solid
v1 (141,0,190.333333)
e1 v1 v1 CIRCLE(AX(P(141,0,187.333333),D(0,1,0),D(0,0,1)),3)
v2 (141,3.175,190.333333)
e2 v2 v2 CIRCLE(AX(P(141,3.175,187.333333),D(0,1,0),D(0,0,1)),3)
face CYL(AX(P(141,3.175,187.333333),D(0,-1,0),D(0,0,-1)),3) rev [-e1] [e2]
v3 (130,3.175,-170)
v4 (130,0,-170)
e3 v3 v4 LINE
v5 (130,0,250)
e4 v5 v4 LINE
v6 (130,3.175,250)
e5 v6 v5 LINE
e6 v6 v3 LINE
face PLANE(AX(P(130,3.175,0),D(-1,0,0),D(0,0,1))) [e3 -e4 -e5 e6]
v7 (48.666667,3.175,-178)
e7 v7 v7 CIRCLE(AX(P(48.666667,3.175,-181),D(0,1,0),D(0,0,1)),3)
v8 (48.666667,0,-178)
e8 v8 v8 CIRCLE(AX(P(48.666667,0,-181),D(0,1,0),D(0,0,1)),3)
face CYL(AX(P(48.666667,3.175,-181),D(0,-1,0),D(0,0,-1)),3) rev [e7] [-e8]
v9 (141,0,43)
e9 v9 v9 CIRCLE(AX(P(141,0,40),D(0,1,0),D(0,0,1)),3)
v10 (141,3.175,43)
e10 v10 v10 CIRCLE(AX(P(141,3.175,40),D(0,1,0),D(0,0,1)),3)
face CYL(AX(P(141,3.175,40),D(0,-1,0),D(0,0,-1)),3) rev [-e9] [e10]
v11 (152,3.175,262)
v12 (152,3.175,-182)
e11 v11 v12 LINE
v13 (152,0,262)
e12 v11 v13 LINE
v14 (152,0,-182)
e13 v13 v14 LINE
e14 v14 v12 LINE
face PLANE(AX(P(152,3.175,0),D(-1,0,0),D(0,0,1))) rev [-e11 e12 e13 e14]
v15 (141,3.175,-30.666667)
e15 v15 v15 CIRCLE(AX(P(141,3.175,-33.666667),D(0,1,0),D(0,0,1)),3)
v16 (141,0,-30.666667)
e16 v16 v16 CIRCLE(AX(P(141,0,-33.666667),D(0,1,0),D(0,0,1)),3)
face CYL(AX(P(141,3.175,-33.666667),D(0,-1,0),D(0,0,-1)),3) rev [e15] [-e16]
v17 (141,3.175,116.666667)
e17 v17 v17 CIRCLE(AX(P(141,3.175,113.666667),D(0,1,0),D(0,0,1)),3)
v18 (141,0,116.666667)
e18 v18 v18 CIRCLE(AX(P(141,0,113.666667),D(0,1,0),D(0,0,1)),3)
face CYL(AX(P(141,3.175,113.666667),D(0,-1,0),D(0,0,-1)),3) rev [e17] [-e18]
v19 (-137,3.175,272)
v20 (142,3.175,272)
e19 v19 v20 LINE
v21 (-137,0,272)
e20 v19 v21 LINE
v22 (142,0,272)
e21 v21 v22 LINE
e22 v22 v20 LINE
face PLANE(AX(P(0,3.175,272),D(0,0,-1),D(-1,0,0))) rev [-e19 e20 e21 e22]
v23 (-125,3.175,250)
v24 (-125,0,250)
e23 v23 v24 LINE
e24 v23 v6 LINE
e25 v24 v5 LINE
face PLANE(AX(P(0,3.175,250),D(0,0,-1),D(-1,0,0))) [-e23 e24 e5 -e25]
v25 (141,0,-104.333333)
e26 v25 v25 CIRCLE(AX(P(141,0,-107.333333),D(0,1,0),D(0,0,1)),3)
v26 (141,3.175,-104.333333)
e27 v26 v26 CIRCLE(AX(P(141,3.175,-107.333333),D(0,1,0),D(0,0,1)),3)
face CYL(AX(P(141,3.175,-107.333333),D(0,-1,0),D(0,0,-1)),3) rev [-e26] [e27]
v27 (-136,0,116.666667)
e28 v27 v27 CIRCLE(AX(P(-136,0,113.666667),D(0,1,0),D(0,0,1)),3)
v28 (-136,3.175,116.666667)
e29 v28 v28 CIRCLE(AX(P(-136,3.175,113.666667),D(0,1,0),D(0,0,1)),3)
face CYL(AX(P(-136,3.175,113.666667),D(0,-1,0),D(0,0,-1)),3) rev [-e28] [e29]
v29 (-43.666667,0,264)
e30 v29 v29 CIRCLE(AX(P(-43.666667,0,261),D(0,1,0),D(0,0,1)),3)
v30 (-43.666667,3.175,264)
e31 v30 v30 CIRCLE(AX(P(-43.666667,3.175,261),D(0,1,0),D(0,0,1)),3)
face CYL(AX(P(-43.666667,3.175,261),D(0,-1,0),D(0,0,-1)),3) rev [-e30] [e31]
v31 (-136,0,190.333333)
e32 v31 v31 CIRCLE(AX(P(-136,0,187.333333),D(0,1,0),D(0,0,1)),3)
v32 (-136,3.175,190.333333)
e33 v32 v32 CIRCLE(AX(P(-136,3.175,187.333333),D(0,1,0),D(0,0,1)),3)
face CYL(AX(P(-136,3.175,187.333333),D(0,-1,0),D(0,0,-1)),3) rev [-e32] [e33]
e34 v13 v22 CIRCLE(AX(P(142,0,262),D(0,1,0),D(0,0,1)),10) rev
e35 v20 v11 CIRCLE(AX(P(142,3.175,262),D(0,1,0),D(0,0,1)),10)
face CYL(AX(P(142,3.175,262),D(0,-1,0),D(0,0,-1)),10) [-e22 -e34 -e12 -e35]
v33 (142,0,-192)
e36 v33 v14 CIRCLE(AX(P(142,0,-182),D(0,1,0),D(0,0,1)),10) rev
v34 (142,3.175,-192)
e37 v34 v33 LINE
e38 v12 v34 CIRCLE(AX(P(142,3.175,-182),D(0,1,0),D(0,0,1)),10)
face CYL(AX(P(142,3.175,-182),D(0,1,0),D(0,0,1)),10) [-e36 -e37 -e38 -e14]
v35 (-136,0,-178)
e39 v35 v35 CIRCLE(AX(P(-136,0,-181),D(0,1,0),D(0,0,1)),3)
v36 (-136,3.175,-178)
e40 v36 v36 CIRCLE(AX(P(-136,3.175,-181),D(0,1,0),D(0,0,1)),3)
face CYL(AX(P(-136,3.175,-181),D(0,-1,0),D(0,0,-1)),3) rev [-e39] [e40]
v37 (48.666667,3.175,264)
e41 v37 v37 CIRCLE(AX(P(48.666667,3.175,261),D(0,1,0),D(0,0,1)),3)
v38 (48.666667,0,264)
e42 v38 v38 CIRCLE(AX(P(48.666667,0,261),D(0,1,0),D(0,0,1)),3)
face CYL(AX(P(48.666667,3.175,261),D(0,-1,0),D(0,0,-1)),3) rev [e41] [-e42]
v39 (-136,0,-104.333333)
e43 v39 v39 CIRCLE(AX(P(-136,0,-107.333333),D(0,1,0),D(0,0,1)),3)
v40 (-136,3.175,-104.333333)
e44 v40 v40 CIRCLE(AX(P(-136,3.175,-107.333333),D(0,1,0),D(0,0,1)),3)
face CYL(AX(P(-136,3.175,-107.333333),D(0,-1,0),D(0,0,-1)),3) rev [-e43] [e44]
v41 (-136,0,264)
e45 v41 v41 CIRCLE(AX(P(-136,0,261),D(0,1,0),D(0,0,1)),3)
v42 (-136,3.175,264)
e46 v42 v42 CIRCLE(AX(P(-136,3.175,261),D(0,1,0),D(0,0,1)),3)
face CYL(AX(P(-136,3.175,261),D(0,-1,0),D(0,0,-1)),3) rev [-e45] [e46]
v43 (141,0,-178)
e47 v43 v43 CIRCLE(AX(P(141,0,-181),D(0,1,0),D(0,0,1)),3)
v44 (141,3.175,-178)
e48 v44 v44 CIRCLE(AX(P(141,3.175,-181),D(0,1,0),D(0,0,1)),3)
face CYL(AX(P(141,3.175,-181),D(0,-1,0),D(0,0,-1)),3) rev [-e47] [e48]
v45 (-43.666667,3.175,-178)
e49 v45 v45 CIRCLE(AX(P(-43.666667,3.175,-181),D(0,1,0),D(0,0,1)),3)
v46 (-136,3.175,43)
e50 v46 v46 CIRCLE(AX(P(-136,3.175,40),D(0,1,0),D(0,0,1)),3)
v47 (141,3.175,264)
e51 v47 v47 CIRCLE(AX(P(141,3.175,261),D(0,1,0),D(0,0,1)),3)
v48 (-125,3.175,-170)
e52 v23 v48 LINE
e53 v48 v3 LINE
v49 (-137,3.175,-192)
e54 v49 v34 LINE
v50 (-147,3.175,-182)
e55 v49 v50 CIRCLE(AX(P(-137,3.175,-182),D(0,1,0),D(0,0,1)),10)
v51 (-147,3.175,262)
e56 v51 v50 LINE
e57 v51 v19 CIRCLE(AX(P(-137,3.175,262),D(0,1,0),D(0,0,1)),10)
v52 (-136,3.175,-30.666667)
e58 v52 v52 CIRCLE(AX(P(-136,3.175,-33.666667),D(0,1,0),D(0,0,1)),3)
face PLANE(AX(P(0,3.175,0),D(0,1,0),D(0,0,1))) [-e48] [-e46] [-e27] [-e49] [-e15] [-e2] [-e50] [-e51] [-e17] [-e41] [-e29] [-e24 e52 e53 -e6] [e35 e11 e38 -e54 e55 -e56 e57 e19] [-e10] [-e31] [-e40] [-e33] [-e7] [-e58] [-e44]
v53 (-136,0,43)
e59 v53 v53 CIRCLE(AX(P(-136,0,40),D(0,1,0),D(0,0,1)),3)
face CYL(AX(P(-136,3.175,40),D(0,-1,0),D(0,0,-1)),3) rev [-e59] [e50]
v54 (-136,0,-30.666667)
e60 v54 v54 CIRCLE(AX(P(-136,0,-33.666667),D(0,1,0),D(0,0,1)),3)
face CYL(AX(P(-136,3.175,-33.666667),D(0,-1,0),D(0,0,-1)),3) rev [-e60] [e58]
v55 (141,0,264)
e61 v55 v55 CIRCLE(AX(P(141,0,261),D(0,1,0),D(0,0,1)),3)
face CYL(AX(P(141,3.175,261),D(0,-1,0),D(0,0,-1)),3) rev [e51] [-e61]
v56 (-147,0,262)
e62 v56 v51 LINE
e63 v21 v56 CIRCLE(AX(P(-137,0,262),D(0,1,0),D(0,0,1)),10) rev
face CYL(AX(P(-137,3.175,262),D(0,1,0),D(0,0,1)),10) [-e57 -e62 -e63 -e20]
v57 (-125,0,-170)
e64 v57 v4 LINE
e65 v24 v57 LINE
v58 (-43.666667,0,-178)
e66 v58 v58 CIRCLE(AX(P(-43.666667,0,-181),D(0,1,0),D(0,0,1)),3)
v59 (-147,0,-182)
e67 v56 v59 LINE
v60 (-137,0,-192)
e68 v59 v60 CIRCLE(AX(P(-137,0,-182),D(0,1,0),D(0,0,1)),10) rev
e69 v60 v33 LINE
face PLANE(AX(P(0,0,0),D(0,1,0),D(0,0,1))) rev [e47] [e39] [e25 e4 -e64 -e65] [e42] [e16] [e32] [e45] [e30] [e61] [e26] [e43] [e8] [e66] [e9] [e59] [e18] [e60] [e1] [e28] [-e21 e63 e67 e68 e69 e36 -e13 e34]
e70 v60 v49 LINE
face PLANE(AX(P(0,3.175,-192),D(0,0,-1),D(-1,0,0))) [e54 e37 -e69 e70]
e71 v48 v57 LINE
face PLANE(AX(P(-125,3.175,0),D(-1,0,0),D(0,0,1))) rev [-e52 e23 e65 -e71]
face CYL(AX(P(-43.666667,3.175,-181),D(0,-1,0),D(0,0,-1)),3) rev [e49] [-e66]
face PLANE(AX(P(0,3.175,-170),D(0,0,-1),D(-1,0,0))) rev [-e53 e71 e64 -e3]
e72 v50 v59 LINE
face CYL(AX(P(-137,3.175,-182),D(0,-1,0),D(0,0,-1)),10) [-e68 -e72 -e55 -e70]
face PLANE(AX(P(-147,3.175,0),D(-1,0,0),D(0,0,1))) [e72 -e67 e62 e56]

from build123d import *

# Parameters (mm, degrees)
SKETCH1_W           = 299
SKETCH1_H           = 464
SKETCH1_R           = 3
SKETCH1_W_2         = 255
SKETCH1_H_2         = 420
BOSS_EXTRUDE1_DEPTH = 3.175
FILLET1_R           = 10


with BuildPart() as part:
    # Sketch1 → Boss-Extrude1 (new body)
    with BuildSketch(Plane(origin=(0, 0, 0), x_dir=(1, 0, 0), z_dir=(0, 1, 0))):
        with Locations((2.5, -40)):
            Rectangle(SKETCH1_W, SKETCH1_H)
        with Locations(Location((141, 181, 0), (0, 0, 270))):
            Circle(SKETCH1_R, mode=Mode.SUBTRACT)
        with Locations(Location((48.666666667, 181, 0), (0, 0, 270))):
            Circle(SKETCH1_R, mode=Mode.SUBTRACT)
        with Locations(Location((-43.666666667, 181, 0), (0, 0, 270))):
            Circle(SKETCH1_R, mode=Mode.SUBTRACT)
        with Locations(Location((-136, 181, 0), (0, 0, 270))):
            Circle(SKETCH1_R, mode=Mode.SUBTRACT)
        with Locations(Location((141, 107.333333333, 0), (0, 0, 270))):
            Circle(SKETCH1_R, mode=Mode.SUBTRACT)
        with Locations(Location((141, 33.666666667, 0), (0, 0, 270))):
            Circle(SKETCH1_R, mode=Mode.SUBTRACT)
        with Locations(Location((141, -40, 0), (0, 0, 270))):
            Circle(SKETCH1_R, mode=Mode.SUBTRACT)
        with Locations(Location((141, -113.666666667, 0), (0, 0, 270))):
            Circle(SKETCH1_R, mode=Mode.SUBTRACT)
        with Locations(Location((141, -187.333333333, 0), (0, 0, 270))):
            Circle(SKETCH1_R, mode=Mode.SUBTRACT)
        with Locations(Location((-136, 107.333333333, 0), (0, 0, 270))):
            Circle(SKETCH1_R, mode=Mode.SUBTRACT)
        with Locations(Location((141, -261, 0), (0, 0, 270))):
            Circle(SKETCH1_R, mode=Mode.SUBTRACT)
        with Locations(Location((-136, 33.666666667, 0), (0, 0, 270))):
            Circle(SKETCH1_R, mode=Mode.SUBTRACT)
        with Locations(Location((48.666666667, -261, 0), (0, 0, 270))):
            Circle(SKETCH1_R, mode=Mode.SUBTRACT)
        with Locations(Location((-136, -40, 0), (0, 0, 270))):
            Circle(SKETCH1_R, mode=Mode.SUBTRACT)
        with Locations(Location((-43.666666667, -261, 0), (0, 0, 270))):
            Circle(SKETCH1_R, mode=Mode.SUBTRACT)
        with Locations(Location((-136, -113.666666667, 0), (0, 0, 270))):
            Circle(SKETCH1_R, mode=Mode.SUBTRACT)
        with Locations(Location((-136, -261, 0), (0, 0, 270))):
            Circle(SKETCH1_R, mode=Mode.SUBTRACT)
        with Locations(Location((-136, -187.333333333, 0), (0, 0, 270))):
            Circle(SKETCH1_R, mode=Mode.SUBTRACT)
        with Locations((2.5, -40)):
            Rectangle(SKETCH1_W_2, SKETCH1_H_2, mode=Mode.SUBTRACT)
    extrude(amount=BOSS_EXTRUDE1_DEPTH)

    # Fillet1
    fillet1_edges = [part.edges().sort_by_distance(p)[0] for p in [
        (-147, 1.5875, -192),
        (152, 1.5875, -192),
        (152, 1.5875, 272),
        (-147, 1.5875, 272),
    ]]
    fillet(fillet1_edges, radius=FILLET1_R)


solid = part.part
